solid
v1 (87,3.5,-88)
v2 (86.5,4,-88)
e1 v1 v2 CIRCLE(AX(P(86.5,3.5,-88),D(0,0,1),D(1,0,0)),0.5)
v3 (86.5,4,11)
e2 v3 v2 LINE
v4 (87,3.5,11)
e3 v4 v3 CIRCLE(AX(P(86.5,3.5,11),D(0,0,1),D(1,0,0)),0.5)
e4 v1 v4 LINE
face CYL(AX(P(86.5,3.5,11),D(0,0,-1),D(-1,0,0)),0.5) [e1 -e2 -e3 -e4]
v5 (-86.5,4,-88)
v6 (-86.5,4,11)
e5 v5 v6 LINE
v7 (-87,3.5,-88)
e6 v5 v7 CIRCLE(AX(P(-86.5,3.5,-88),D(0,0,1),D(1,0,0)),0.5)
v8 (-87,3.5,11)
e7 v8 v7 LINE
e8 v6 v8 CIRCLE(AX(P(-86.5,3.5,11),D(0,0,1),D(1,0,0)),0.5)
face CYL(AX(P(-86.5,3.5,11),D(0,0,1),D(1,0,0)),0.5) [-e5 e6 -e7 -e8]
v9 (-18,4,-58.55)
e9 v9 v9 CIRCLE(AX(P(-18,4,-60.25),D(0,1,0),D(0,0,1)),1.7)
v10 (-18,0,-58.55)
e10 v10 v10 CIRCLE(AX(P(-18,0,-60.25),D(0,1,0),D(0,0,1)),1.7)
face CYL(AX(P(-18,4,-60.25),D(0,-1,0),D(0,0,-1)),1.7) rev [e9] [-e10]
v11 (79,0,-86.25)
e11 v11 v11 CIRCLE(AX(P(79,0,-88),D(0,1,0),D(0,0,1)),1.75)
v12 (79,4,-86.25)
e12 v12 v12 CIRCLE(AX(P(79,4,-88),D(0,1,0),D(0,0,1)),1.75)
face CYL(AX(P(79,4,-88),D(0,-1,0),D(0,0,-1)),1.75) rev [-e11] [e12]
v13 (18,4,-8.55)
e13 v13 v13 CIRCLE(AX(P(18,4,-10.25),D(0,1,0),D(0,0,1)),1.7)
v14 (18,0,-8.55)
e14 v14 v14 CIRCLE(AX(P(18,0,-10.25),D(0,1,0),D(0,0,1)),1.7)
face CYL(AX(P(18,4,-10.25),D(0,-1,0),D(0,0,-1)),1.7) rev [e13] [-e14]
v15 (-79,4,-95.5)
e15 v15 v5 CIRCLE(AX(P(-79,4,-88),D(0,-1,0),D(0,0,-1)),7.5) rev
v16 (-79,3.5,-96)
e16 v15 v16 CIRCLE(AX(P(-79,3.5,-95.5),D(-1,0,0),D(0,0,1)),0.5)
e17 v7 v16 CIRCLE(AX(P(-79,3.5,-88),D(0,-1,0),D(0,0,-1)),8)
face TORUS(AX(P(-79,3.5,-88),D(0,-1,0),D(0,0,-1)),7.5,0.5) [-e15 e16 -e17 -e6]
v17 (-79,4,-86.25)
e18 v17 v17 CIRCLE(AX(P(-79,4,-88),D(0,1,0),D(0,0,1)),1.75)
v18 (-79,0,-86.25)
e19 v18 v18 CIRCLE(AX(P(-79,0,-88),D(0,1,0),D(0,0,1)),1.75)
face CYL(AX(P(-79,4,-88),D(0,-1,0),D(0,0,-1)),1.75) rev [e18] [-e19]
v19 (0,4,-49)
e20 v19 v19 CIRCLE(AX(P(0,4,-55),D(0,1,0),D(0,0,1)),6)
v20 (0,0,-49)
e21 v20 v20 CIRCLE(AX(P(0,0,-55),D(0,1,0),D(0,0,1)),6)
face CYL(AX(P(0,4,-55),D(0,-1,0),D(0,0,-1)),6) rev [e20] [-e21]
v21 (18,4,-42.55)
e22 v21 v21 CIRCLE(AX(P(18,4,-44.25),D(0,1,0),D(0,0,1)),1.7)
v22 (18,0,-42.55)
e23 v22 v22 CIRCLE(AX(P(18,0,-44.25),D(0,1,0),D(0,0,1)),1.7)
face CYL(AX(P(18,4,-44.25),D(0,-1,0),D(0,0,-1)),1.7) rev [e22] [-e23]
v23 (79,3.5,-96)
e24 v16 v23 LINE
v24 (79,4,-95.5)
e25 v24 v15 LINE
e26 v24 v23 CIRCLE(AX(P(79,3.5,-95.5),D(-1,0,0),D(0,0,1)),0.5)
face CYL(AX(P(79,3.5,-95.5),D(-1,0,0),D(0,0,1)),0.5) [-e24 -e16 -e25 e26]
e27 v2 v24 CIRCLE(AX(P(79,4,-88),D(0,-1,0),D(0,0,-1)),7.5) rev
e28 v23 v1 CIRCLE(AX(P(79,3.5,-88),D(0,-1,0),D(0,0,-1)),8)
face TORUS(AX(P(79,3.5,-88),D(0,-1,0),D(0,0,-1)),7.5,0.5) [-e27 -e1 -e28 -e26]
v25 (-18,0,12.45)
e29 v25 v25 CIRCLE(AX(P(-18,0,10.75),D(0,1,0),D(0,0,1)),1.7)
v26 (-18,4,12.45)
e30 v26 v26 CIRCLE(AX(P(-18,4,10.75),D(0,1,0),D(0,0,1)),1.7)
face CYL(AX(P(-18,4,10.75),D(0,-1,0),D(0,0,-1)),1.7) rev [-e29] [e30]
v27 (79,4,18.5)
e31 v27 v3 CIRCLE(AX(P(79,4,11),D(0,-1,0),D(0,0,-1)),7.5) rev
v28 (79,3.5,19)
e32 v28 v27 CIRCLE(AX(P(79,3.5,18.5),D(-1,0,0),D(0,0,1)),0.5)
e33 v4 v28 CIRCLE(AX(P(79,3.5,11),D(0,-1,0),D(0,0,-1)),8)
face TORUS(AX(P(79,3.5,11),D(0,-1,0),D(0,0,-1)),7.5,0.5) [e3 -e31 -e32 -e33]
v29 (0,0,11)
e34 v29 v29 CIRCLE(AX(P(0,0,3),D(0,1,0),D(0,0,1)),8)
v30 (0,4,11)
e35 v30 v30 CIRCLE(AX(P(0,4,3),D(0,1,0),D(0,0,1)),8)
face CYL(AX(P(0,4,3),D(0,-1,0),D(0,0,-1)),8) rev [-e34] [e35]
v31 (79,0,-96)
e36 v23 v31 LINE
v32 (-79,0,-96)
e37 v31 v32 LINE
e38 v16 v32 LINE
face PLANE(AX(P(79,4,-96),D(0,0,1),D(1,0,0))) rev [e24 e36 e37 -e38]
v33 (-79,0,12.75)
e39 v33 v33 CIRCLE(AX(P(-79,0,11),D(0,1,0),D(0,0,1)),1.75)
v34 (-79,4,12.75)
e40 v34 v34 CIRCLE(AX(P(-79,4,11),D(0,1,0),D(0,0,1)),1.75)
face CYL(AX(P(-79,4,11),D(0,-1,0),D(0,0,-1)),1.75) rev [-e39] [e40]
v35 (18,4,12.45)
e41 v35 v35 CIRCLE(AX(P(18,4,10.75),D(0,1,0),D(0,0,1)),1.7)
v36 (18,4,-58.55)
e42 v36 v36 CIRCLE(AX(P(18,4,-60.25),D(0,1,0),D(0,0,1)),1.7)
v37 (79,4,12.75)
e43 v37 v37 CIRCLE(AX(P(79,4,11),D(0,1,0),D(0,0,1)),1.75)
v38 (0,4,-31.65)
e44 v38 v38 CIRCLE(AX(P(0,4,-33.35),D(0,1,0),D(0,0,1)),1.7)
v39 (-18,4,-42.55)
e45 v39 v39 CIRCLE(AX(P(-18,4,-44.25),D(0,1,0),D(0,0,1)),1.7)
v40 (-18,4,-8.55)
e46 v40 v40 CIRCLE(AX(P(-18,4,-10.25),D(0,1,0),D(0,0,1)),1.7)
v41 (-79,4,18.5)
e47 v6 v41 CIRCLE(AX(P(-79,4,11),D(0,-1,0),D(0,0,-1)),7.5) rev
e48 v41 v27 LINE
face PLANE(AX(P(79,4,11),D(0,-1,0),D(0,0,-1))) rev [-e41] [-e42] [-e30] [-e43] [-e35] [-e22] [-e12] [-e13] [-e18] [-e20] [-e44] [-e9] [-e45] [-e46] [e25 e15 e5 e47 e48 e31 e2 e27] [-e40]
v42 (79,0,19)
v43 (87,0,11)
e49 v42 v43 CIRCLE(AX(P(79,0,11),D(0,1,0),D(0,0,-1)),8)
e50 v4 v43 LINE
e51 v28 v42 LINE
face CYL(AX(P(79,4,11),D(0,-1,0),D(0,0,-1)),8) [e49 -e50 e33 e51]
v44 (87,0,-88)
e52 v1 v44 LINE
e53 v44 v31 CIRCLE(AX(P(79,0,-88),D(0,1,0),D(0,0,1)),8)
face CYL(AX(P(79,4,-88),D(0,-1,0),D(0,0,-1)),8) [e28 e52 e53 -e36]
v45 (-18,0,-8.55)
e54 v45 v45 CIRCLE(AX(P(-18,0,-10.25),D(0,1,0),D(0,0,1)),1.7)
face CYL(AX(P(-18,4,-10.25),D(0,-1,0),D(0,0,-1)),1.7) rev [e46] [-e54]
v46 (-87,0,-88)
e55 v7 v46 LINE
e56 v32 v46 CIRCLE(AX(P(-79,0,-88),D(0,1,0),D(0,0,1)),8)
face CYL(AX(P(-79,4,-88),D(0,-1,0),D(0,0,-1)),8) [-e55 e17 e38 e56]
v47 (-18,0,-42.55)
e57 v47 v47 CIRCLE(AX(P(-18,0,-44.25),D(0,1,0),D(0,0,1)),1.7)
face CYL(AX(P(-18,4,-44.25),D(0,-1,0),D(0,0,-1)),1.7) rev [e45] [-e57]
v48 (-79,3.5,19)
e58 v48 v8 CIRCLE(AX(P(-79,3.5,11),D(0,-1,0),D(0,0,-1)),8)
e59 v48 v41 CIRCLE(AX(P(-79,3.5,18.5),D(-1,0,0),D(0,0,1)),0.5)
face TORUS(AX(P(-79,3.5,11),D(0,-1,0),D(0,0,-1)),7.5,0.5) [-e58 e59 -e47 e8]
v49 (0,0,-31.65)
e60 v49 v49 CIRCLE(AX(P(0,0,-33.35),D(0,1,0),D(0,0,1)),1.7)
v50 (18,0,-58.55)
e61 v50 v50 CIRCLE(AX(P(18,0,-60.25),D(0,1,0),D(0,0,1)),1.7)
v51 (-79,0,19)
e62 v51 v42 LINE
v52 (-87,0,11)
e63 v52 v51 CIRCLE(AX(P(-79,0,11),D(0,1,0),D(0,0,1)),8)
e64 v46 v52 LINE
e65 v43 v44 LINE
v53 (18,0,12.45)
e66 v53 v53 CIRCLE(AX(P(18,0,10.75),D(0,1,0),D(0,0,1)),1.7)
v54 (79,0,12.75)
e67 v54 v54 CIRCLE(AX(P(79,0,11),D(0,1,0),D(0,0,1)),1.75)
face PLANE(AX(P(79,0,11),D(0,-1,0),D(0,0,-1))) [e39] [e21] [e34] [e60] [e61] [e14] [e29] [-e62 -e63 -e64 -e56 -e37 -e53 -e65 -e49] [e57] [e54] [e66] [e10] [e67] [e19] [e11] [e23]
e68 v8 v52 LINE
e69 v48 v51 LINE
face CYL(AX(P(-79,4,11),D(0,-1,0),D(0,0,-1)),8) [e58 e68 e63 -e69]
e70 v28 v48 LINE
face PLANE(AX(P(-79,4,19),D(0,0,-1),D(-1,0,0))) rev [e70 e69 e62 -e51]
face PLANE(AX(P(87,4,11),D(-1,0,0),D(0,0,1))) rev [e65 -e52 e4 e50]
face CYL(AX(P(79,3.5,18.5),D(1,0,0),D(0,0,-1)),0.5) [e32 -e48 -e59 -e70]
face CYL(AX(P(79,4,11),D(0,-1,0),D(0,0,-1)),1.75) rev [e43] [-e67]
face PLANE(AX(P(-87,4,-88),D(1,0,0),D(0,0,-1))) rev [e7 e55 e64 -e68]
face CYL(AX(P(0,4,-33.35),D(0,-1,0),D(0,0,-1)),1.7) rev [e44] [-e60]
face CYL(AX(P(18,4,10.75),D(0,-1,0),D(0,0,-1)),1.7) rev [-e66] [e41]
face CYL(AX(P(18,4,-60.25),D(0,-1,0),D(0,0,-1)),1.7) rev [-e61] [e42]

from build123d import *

# Parameters (mm, degrees)
SKETCH2_R           = 1.75
SKETCH2_R_2         = 8
SKETCH2_R_3         = 1.7
SKETCH2_R_4         = 6
BOSS_EXTRUDE1_DEPTH = 4
FILLET1_R           = 0.5


with BuildPart() as part:
    # Sketch2 → Boss-Extrude1 (new body)
    with BuildSketch(Plane(origin=(0, 0, 0), x_dir=(1, 0, 0), z_dir=(0, 1, 0))):
        with BuildLine():
            Line((87, -11), (87, 88))
            ThreePointArc((87, 88), (84.656854249, 93.656854249), (79, 96))
            Line((79, 96), (-79, 96))
            ThreePointArc((-79, 96), (-84.656854249, 93.656854249), (-87, 88))
            Line((-87, 88), (-87, -11))
            ThreePointArc((-87, -11), (-84.656854249, -16.656854249), (-79, -19))
            Line((-79, -19), (79, -19))
            ThreePointArc((79, -19), (84.656854249, -16.656854249), (87, -11))
        make_face()
        with Locations(Location((-79, 88, 0), (0, 0, 270))):
            Circle(SKETCH2_R, mode=Mode.SUBTRACT)
        with Locations(Location((79, 88, 0), (0, 0, 270))):
            Circle(SKETCH2_R, mode=Mode.SUBTRACT)
        with Locations(Location((79, -11, 0), (0, 0, 270))):
            Circle(SKETCH2_R, mode=Mode.SUBTRACT)
        with Locations(Location((-79, -11, 0), (0, 0, 270))):
            Circle(SKETCH2_R, mode=Mode.SUBTRACT)
        with Locations(Location((0, -3, 0), (0, 0, 270))):
            Circle(SKETCH2_R_2, mode=Mode.SUBTRACT)
        with Locations(Location((18, -10.75, 0), (0, 0, 270))):
            Circle(SKETCH2_R_3, mode=Mode.SUBTRACT)
        with Locations(Location((18, 10.25, 0), (0, 0, 270))):
            Circle(SKETCH2_R_3, mode=Mode.SUBTRACT)
        with Locations(Location((-18, -10.75, 0), (0, 0, 270))):
            Circle(SKETCH2_R_3, mode=Mode.SUBTRACT)
        with Locations(Location((-18, 10.25, 0), (0, 0, 270))):
            Circle(SKETCH2_R_3, mode=Mode.SUBTRACT)
        with Locations(Location((0, 33.35, 0), (0, 0, 270))):
            Circle(SKETCH2_R_3, mode=Mode.SUBTRACT)
        with Locations(Location((18, 60.25, 0), (0, 0, 270))):
            Circle(SKETCH2_R_3, mode=Mode.SUBTRACT)
        with Locations(Location((18, 44.25, 0), (0, 0, 270))):
            Circle(SKETCH2_R_3, mode=Mode.SUBTRACT)
        with Locations(Location((-18, 44.25, 0), (0, 0, 270))):
            Circle(SKETCH2_R_3, mode=Mode.SUBTRACT)
        with Locations(Location((0, 55, 0), (0, 0, 270))):
            Circle(SKETCH2_R_4, mode=Mode.SUBTRACT)
        with Locations(Location((-18, 60.25, 0), (0, 0, 270))):
            Circle(SKETCH2_R_3, mode=Mode.SUBTRACT)
    extrude(amount=BOSS_EXTRUDE1_DEPTH)

    # Fillet1
    fillet1_edges = [part.edges().sort_by_distance(p)[0] for p in [
        (84.656854249, 4, -93.656854249),
        (0, 4, -96),
        (-84.656854249, 4, -93.656854249),
        (-87, 4, -38.5),
        (-84.656854249, 4, 16.656854249),
        (0, 4, 19),
        (84.656854249, 4, 16.656854249),
        (87, 4, -38.5),
    ]]
    fillet(fillet1_edges, radius=FILLET1_R)


solid = part.part
